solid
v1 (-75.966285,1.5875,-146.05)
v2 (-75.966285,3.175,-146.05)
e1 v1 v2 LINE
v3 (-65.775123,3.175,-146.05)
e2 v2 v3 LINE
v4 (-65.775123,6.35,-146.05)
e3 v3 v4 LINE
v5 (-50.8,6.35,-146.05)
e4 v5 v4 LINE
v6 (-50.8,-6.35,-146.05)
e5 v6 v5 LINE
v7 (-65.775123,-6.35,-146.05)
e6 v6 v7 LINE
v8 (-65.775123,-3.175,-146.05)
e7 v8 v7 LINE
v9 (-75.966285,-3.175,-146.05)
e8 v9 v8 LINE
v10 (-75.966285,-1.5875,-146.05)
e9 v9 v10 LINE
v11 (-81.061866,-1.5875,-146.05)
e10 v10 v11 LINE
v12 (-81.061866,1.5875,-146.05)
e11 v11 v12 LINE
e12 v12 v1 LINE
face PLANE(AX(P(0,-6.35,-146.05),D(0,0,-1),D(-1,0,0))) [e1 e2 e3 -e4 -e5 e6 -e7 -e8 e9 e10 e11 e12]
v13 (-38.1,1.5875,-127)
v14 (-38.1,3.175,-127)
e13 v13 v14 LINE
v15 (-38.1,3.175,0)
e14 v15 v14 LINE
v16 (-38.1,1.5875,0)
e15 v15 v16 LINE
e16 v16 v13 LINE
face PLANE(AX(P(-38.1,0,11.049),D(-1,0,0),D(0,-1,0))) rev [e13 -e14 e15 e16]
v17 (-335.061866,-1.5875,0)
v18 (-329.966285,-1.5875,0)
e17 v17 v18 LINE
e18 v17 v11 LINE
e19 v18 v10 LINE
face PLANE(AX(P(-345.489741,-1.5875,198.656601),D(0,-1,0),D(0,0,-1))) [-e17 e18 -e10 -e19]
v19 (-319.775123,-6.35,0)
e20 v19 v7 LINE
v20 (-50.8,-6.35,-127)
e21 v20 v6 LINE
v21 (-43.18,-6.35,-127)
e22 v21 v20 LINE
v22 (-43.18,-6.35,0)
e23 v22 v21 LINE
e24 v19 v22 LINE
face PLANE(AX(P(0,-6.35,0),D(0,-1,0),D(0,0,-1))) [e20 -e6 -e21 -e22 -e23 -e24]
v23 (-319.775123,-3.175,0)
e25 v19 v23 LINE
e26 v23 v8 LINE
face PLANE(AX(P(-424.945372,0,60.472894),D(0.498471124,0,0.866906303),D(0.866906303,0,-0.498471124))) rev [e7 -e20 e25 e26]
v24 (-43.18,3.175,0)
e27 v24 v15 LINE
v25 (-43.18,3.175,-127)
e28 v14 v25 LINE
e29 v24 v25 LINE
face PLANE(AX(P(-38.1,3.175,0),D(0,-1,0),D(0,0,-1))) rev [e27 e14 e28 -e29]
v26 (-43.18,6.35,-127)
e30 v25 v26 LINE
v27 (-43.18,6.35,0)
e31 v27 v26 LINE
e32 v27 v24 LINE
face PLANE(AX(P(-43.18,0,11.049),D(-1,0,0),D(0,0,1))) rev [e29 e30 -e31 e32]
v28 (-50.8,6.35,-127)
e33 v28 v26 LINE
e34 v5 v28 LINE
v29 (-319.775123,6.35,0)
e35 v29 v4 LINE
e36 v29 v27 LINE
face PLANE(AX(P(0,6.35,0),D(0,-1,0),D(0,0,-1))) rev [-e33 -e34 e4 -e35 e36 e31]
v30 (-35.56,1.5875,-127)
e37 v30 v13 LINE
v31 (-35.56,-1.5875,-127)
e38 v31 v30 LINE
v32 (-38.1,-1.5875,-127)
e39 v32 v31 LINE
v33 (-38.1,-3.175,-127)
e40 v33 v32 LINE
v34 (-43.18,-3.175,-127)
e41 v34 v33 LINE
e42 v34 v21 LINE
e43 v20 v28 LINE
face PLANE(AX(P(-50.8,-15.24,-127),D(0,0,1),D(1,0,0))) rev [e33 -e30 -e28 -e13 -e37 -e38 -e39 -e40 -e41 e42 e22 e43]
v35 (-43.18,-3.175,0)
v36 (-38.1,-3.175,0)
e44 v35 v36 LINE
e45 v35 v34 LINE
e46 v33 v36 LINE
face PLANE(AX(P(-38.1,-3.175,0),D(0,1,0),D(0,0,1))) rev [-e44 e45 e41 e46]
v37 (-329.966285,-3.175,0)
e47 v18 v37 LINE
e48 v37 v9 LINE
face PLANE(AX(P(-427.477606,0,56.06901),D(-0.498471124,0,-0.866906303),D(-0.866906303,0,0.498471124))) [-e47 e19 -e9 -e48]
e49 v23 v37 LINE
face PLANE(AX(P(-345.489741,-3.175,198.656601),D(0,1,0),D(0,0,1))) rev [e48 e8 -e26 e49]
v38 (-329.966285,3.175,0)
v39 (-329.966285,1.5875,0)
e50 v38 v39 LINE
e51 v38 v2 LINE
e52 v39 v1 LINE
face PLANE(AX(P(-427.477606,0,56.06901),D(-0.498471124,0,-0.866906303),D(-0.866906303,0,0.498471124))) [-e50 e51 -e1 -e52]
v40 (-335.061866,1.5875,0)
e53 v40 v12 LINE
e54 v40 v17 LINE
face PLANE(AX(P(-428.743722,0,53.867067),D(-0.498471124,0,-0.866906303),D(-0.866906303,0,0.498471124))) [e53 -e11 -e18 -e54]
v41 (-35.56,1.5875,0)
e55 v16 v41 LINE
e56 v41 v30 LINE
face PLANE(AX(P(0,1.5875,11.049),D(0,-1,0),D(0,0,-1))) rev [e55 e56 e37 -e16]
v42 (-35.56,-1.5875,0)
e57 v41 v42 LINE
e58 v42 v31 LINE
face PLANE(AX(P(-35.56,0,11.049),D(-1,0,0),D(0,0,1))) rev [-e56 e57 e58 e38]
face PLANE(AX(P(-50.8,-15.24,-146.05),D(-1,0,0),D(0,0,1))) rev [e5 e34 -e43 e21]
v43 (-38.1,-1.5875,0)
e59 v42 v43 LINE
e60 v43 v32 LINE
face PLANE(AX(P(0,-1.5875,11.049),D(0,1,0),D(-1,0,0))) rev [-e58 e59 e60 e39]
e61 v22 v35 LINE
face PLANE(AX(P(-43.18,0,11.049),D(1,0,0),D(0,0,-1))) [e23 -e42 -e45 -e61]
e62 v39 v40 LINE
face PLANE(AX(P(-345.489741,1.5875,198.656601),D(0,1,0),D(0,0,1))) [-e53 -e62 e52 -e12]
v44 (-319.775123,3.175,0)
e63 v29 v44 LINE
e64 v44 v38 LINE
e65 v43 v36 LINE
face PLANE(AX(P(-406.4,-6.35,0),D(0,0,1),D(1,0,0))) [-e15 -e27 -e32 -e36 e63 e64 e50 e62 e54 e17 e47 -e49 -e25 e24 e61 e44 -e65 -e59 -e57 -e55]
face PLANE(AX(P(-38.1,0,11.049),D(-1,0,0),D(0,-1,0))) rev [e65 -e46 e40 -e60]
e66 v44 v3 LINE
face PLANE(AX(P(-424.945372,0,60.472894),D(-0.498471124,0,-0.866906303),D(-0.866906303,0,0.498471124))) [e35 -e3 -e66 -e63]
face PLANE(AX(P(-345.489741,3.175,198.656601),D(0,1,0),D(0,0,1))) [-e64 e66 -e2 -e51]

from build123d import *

# Parameters (mm, degrees)
BOSS_EXTRUDE1_DEPTH      = 6.35
BOSS_EXTRUDE1_DEPTH_BACK = 6.35
SKETCH2_W                = 292.995908675
SKETCH2_H                = 3.175
CUT_EXTRUDE1_DEPTH       = 38.1
SKETCH3_W                = 146.05
SKETCH3_H                = 3.175
CUT_EXTRUDE2_DEPTH       = 38.1
CUT_EXTRUDE3_DEPTH       = 3.175
CUT_EXTRUDE4_DEPTH       = 3.175
SKETCH6_W                = 5.08
SKETCH6_H                = 3.175
CUT_EXTRUDE5_DEPTH       = 157.099
CUT_EXTRUDE6_DEPTH       = 339.217
CUT_EXTRUDE6_DEPTH_BACK  = 157.099
SKETCH9_W                = 50.8
SKETCH9_H                = 19.05
CUT_EXTRUDE7_DEPTH       = 21.59


with BuildPart() as part:
    # Sketch1 → Boss-Extrude1 (new, two sides: drawn at the far end of the back side and taken through both)
    with BuildSketch(Plane(origin=(0, 0, 0), x_dir=(1, 0, 0), z_dir=(0, 1, 0)).offset(-BOSS_EXTRUDE1_DEPTH_BACK)):
        Polygon((-406.4, 0), (0, 0), (0, 146.05), (-152.4, 146.05), align=None)
    extrude(amount=BOSS_EXTRUDE1_DEPTH + BOSS_EXTRUDE1_DEPTH_BACK)

    # Sketch2 → Cut-Extrude1 (cut)
    with BuildSketch(Plane(origin=(-100.979614843, 0, -175.616721465), x_dir=(-0.8669063030575352, 0, 0.49847112425808277), z_dir=(-0.4984711242580827, 0, -0.8669063030575351))):
        with Locations((205.812767226, 4.7625)):
            Rectangle(SKETCH2_W, SKETCH2_H)
        with Locations((205.812767226, -4.7625)):
            Rectangle(SKETCH2_W, SKETCH2_H)
    extrude(amount=-CUT_EXTRUDE1_DEPTH, mode=Mode.SUBTRACT)

    # Sketch3 → Cut-Extrude2 (cut)
    with BuildSketch(Plane(origin=(0, 0, 0), x_dir=(0, 0, -1), z_dir=(1, 0, 0))):
        with Locations((73.025, 4.7625)):
            Rectangle(SKETCH3_W, SKETCH3_H)
        with Locations((73.025, -4.7625)):
            Rectangle(SKETCH3_W, SKETCH3_H)
    extrude(amount=-CUT_EXTRUDE2_DEPTH, mode=Mode.SUBTRACT)

    # Sketch4 → Cut-Extrude3 (cut)
    with BuildSketch(Plane(origin=(0, 6.35, 0), x_dir=(1, 0, 0), z_dir=(0, 1, 0))):
        Polygon((-133.408250166, 113.020869854), (-75.966284694, 146.05), (-152.4, 146.05), align=None)
    extrude(amount=-CUT_EXTRUDE3_DEPTH, mode=Mode.SUBTRACT)

    # Sketch5 → Cut-Extrude4 (cut)
    with BuildSketch(Plane.XZ.offset(6.35)):
        Polygon((-133.408250166, -113.020869854), (-75.966284694, -146.05), (-152.4, -146.05), align=None)
    extrude(amount=-CUT_EXTRUDE4_DEPTH, mode=Mode.SUBTRACT)

    # Sketch6 → Cut-Extrude5 (cut)
    with BuildSketch(Plane(origin=(0, 0, -146.05), x_dir=(-1, 0, 0), z_dir=(0, 0, -1))):
        Polygon((0, -3.175), (38.1, -3.175), (38.1, -1.5875), (35.56, -1.5875), (35.56, 1.5875), (38.1, 1.5875), (38.1, 3.175), (0, 3.175), align=None)
        with Locations((40.64, -4.7625)):
            Rectangle(SKETCH6_W, SKETCH6_H)
        with Locations((40.64, 4.7625)):
            Rectangle(SKETCH6_W, SKETCH6_H)
    extrude(amount=-CUT_EXTRUDE5_DEPTH, mode=Mode.SUBTRACT)

    # Sketch8 → Cut-Extrude6 (cut, two sides: drawn at the far end of the back side and taken through both)
    with BuildSketch(Plane(origin=(-51.420385157, 0, 29.566721465), x_dir=(0.49847112425808243, 0, 0.8669063030575355), z_dir=(-0.8669063030575355, 0, 0.49847112425808243)).offset(-CUT_EXTRUDE6_DEPTH_BACK)):
        Polygon((-164.478664898, 1.5875), (-164.478664898, 3.175), (-159.398664898, 3.175), (-159.398664898, 6.35), (-164.478664898, 6.35), (-202.578664898, 6.35), (-202.578664898, -6.35), (-164.478664898, -6.35), (-159.398664898, -6.35), (-159.398664898, -3.175), (-164.478664898, -3.175), (-164.478664898, -1.5875), (-167.018664898, -1.5875), (-167.018664898, 1.5875), align=None)
    extrude(amount=CUT_EXTRUDE6_DEPTH + CUT_EXTRUDE6_DEPTH_BACK, mode=Mode.SUBTRACT)

    # Sketch9 → Cut-Extrude7 (cut)
    with BuildSketch(Plane(origin=(0, 6.35, 0), x_dir=(1, 0, 0), z_dir=(0, 1, 0))):
        with Locations((-25.4, 136.525)):
            Rectangle(SKETCH9_W, SKETCH9_H)
    extrude(amount=-CUT_EXTRUDE7_DEPTH, mode=Mode.SUBTRACT)


solid = part.part
